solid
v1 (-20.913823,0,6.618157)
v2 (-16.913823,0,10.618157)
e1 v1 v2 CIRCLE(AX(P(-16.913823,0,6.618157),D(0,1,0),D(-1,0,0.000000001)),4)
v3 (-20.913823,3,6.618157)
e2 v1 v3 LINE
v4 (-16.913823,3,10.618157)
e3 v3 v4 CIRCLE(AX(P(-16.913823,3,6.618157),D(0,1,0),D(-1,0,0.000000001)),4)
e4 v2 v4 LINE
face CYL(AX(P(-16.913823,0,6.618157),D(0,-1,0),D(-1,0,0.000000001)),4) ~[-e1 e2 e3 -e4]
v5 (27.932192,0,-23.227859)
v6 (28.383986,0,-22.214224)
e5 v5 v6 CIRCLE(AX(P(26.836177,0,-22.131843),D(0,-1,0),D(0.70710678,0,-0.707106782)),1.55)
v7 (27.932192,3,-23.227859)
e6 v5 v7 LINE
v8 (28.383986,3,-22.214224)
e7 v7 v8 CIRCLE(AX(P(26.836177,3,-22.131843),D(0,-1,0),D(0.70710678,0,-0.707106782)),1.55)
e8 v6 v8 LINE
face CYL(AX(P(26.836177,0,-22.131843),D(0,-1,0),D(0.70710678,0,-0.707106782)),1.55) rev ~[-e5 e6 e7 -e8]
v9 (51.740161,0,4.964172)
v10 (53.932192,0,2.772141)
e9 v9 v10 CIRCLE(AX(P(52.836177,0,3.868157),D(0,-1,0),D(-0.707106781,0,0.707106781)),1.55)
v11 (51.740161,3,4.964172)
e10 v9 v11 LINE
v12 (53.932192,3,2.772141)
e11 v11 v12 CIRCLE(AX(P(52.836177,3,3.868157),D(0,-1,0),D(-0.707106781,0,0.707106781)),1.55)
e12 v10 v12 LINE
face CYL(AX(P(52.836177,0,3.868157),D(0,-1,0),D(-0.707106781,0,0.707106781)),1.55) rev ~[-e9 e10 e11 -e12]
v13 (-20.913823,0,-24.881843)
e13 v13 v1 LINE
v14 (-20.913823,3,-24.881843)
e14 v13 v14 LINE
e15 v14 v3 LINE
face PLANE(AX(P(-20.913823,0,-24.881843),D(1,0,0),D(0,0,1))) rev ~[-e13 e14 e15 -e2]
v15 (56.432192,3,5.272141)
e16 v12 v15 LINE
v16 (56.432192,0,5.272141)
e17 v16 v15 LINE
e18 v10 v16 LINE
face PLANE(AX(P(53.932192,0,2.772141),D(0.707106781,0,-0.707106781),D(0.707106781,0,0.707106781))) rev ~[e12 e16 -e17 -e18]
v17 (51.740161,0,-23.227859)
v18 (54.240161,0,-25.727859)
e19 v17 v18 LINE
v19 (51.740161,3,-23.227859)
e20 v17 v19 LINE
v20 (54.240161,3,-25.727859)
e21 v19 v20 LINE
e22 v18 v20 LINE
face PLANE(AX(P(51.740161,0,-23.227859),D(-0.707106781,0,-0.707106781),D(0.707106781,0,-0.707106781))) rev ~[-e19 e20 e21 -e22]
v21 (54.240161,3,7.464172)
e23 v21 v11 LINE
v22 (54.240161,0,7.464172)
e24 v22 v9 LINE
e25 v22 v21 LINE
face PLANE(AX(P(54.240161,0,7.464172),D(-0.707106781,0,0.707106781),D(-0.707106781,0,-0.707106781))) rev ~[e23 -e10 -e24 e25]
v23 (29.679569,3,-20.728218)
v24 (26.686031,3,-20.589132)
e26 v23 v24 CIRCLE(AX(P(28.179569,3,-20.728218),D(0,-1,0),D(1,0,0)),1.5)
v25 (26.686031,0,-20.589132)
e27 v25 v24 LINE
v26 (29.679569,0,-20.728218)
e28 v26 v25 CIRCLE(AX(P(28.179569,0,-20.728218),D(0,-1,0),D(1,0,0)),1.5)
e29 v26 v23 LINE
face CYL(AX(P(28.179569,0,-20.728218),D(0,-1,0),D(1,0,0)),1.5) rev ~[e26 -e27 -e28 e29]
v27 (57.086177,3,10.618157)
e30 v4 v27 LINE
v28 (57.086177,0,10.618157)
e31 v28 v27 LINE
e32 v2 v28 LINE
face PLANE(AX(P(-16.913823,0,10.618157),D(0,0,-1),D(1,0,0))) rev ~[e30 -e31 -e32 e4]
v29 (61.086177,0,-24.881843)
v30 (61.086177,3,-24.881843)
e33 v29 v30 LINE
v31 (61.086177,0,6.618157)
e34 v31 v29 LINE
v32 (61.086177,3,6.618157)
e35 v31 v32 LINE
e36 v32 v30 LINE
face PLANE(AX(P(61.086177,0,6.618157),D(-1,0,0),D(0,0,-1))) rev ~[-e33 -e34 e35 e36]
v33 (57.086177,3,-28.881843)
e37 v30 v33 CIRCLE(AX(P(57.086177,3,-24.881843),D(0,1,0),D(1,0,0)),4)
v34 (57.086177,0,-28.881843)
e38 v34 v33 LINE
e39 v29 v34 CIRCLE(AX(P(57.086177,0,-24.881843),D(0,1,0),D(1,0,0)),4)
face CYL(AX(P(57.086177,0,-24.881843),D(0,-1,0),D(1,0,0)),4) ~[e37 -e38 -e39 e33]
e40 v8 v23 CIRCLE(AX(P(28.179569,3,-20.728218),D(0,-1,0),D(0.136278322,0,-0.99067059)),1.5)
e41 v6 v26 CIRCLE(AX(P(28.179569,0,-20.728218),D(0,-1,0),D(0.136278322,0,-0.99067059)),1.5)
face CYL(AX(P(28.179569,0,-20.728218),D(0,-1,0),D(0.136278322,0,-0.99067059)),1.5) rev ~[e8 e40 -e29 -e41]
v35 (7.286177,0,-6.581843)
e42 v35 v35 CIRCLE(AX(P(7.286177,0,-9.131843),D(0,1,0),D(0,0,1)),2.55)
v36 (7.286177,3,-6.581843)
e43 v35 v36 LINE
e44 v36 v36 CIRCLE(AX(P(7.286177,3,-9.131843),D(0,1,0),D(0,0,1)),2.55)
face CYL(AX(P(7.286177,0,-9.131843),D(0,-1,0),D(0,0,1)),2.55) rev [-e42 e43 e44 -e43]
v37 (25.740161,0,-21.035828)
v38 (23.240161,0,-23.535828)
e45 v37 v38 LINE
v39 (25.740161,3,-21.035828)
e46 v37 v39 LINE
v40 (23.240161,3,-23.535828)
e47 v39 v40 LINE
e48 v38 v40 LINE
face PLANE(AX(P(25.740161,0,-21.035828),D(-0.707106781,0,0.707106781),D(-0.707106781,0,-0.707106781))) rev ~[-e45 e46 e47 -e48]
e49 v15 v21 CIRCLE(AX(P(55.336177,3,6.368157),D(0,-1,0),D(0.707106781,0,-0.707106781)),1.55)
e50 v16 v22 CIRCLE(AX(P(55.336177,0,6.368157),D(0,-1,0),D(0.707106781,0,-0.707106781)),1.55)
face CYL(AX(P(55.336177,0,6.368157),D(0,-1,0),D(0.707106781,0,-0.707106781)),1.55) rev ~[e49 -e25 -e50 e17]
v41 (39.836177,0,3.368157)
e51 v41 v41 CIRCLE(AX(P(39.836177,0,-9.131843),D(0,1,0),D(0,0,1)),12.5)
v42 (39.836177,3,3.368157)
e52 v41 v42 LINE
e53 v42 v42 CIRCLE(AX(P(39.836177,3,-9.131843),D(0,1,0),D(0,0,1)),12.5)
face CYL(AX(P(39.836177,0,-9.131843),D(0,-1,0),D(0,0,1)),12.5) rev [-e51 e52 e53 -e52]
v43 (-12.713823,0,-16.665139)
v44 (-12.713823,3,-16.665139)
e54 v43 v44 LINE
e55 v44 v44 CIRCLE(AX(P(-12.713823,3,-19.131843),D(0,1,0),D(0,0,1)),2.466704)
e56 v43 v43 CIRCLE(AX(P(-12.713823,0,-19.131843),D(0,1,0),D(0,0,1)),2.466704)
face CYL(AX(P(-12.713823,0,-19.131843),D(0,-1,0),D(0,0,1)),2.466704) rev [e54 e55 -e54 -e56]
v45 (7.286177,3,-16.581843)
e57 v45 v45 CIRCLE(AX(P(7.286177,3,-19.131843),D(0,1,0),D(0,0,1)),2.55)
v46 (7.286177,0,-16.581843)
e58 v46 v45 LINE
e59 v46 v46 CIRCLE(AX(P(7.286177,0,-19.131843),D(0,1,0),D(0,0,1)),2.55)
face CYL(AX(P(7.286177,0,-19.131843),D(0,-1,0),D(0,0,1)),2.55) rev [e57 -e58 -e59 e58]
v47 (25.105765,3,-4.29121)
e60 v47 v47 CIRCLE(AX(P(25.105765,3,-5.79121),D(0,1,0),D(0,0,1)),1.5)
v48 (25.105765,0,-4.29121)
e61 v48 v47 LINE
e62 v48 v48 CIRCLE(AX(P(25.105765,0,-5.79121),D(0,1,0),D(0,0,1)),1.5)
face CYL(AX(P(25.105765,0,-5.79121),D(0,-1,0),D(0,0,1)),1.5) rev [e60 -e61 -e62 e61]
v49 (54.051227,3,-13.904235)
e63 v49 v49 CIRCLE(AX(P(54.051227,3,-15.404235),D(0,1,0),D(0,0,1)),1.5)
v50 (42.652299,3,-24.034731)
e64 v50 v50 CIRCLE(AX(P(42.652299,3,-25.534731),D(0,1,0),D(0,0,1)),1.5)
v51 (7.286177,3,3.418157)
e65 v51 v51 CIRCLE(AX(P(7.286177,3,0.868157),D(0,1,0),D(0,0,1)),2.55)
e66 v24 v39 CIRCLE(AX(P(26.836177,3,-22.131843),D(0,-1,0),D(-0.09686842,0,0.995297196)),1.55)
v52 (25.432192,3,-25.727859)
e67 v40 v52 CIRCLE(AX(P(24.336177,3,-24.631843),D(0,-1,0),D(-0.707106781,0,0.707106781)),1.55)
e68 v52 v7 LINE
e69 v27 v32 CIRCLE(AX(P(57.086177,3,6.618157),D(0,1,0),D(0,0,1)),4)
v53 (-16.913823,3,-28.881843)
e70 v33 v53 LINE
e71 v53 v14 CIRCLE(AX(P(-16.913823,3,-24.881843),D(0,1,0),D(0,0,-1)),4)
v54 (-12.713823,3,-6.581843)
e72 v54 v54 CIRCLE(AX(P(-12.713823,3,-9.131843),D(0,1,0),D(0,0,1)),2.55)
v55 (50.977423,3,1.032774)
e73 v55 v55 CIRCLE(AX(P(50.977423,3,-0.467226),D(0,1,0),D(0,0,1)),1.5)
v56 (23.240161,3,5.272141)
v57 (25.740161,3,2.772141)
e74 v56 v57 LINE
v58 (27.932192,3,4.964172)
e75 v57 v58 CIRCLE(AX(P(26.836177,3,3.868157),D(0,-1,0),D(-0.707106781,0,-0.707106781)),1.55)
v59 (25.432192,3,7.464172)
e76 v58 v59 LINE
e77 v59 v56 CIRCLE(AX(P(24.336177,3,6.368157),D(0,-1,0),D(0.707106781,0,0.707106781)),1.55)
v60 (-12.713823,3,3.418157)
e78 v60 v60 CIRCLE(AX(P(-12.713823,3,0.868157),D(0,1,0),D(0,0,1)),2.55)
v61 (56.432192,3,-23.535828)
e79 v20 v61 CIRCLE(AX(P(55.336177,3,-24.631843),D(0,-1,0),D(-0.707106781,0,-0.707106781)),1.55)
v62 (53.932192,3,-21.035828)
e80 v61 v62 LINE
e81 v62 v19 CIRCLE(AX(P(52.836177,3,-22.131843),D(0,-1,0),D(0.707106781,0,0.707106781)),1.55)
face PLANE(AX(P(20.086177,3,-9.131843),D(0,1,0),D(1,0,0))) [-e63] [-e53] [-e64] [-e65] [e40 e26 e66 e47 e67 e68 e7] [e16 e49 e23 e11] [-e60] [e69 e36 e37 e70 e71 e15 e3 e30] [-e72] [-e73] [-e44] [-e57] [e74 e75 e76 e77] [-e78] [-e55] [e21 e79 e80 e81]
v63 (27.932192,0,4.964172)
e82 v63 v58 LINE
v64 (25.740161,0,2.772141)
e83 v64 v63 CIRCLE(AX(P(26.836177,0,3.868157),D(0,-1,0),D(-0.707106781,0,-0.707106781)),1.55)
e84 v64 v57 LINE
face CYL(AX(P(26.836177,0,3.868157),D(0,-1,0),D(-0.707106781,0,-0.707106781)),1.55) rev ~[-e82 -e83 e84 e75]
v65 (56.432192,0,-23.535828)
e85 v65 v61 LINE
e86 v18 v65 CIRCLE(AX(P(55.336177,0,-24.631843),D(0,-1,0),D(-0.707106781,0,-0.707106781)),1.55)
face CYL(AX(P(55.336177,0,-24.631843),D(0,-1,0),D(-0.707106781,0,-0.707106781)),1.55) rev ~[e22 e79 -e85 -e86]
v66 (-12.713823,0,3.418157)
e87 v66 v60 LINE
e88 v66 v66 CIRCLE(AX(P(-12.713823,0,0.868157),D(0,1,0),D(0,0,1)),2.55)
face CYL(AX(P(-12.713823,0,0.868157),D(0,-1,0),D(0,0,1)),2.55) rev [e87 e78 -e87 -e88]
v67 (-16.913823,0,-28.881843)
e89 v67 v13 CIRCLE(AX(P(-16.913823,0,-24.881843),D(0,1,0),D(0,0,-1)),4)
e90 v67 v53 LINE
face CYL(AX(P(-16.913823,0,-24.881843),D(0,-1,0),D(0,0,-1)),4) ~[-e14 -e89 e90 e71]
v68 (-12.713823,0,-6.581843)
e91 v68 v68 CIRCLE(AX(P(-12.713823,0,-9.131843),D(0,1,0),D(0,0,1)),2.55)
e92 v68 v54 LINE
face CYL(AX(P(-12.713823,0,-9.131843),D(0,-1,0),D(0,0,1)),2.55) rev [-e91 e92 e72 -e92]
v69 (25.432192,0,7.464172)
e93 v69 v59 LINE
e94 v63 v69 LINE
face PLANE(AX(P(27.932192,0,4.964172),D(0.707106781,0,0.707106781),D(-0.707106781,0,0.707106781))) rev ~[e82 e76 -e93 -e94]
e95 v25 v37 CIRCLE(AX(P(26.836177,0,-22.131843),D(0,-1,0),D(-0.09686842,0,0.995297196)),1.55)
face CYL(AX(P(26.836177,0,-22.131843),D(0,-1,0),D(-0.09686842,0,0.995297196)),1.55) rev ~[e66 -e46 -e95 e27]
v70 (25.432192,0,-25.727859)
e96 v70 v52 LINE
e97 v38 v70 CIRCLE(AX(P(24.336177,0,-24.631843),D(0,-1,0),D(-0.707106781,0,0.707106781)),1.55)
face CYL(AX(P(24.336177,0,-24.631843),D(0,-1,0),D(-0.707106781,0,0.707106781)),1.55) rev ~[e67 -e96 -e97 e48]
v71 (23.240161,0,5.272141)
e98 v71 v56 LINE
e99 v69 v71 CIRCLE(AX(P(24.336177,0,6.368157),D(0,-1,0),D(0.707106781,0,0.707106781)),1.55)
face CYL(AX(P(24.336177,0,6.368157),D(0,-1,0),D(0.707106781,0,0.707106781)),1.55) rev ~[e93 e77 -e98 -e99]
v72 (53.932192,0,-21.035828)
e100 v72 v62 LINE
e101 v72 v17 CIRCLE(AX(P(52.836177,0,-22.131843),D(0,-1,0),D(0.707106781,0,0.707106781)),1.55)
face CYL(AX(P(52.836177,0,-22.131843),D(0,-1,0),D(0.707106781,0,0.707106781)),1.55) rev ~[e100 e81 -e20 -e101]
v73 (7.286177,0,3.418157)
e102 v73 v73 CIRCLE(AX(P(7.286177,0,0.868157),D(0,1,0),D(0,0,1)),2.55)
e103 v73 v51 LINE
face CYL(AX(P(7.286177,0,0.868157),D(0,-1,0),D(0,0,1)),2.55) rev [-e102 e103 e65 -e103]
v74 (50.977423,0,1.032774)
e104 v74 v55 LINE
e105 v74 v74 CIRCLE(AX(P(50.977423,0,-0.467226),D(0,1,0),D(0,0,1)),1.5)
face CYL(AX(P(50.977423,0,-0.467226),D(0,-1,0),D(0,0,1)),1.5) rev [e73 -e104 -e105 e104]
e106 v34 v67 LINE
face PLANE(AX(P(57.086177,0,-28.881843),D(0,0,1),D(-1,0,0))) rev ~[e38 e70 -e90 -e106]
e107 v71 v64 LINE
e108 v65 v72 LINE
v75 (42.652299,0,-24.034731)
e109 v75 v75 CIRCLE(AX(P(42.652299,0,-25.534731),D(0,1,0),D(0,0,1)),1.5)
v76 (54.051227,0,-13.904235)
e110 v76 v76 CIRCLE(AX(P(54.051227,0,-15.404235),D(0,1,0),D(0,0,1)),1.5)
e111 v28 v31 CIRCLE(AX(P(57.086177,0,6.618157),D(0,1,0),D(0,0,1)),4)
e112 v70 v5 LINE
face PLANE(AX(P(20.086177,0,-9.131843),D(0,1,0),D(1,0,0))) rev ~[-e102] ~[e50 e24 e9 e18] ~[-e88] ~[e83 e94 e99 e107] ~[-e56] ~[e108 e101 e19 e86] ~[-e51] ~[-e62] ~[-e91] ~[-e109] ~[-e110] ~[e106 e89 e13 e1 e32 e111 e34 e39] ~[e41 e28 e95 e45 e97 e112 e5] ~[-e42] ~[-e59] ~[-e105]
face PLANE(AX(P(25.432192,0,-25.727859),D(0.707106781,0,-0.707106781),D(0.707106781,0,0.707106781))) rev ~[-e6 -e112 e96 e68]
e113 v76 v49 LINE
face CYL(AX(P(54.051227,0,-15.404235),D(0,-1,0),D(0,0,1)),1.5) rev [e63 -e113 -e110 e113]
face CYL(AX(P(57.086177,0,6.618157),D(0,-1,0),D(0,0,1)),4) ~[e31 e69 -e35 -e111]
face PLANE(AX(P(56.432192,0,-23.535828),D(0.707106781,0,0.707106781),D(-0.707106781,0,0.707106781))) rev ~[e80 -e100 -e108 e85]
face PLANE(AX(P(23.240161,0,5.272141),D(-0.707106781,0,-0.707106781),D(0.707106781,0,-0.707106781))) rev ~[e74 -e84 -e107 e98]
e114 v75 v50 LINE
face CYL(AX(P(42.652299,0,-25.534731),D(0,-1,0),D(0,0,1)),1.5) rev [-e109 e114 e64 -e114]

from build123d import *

# Parameters (mm, degrees)
SKETCH1_R           = 2.55
SKETCH1_R_2         = 1.5
SKETCH1_R_3         = 12.5
SKETCH1_R_4         = 2.466704156
BOSS_EXTRUDE1_DEPTH = 3


with BuildPart() as part:
    # Sketch1 → Boss-Extrude1 (new body)
    with BuildSketch(Plane(origin=(0, 0, 0), x_dir=(1, 0, 0), z_dir=(0, 1, 0))):
        with BuildLine():
            Line((57.086176903, 28.881843054), (-16.913823097, 28.881843054))
            ThreePointArc((-16.913823097, 28.881843054), (-19.742250221, 27.710270179), (-20.913823097, 24.881843054))
            Line((-20.913823097, 24.881843054), (-20.913823097, -6.618156946))
            ThreePointArc((-20.913823097, -6.618156946), (-19.742250221, -9.44658407), (-16.913823097, -10.618156946))
            Line((-16.913823097, -10.618156946), (57.086176903, -10.618156946))
            ThreePointArc((57.086176903, -10.618156946), (59.914604028, -9.44658407), (61.086176903, -6.618156946))
            Line((61.086176903, -6.618156946), (61.086176903, 24.881843054))
            ThreePointArc((61.086176903, 24.881843054), (59.914604028, 27.710270179), (57.086176903, 28.881843054))
        make_face()
        with Locations(Location((-12.713823097, -0.868156946, 0), (0, 0, 270))):
            Circle(SKETCH1_R, mode=Mode.SUBTRACT)
        with Locations(Location((7.286176903, -0.868156946, 0), (0, 0, 270))):
            Circle(SKETCH1_R, mode=Mode.SUBTRACT)
        with Locations(Location((-12.713823097, 9.131843054, 0), (0, 0, 270))):
            Circle(SKETCH1_R, mode=Mode.SUBTRACT)
        with Locations(Location((7.286176903, 9.131843054, 0), (0, 0, 270))):
            Circle(SKETCH1_R, mode=Mode.SUBTRACT)
        with BuildLine():
            Line((27.932192414, -4.964172457), (25.432192414, -7.464172457))
            ThreePointArc((25.432192414, -7.464172457), (23.240161393, -7.464172457), (23.240161393, -5.272141435))
            Line((23.240161393, -5.272141435), (25.740161393, -2.772141435))
            ThreePointArc((25.740161393, -2.772141435), (27.932192414, -2.772141435), (27.932192414, -4.964172457))
        make_face(mode=Mode.SUBTRACT)
        with BuildLine():
            Line((53.932192414, -2.772141435), (56.432192414, -5.272141435))
            ThreePointArc((56.432192414, -5.272141435), (56.432192414, -7.464172457), (54.240161393, -7.464172457))
            Line((54.240161393, -7.464172457), (51.740161393, -4.964172457))
            ThreePointArc((51.740161393, -4.964172457), (51.740161393, -2.772141435), (53.932192414, -2.772141435))
        make_face(mode=Mode.SUBTRACT)
        with Locations(Location((25.105765127, 5.791209645, 0), (0, 0, 270))):
            Circle(SKETCH1_R_2, mode=Mode.SUBTRACT)
        with Locations(Location((39.836176903, 9.131843054, 0), (0, 0, 270))):
            Circle(SKETCH1_R_3, mode=Mode.SUBTRACT)
        with Locations(Location((50.977423293, 0.467225819, 0), (0, 0, 270))):
            Circle(SKETCH1_R_2, mode=Mode.SUBTRACT)
        with Locations(Location((-12.713823097, 19.131843054, 0), (0, 0, 270))):
            Circle(SKETCH1_R_4, mode=Mode.SUBTRACT)
        with Locations(Location((7.286176903, 19.131843054, 0), (0, 0, 270))):
            Circle(SKETCH1_R, mode=Mode.SUBTRACT)
        with Locations(Location((54.051226788, 15.404234625, 0), (0, 0, 270))):
            Circle(SKETCH1_R_2, mode=Mode.SUBTRACT)
        with BuildLine():
            Line((25.740161393, 21.035827543), (23.240161393, 23.535827543))
            ThreePointArc((23.240161393, 23.535827543), (23.240161393, 25.727858565), (25.432192414, 25.727858565))
            Line((25.432192414, 25.727858565), (27.932192414, 23.227858565))
            ThreePointArc((27.932192414, 23.227858565), (28.251915532, 22.762861387), (28.383986105, 22.214224337))
            ThreePointArc((28.383986105, 22.214224337), (29.31019372, 21.713960247), (29.679568623, 20.728218451))
            ThreePointArc((29.679568623, 20.728218451), (28.24918667, 19.22983488), (26.686030853, 20.5891324))
            ThreePointArc((26.686030853, 20.5891324), (26.174275251, 20.730277429), (25.740161393, 21.035827543))
        make_face(mode=Mode.SUBTRACT)
        with BuildLine():
            ThreePointArc((54.240161393, 25.727858565), (56.432192414, 25.727858565), (56.432192414, 23.535827543))
            Line((56.432192414, 23.535827543), (53.932192414, 21.035827543))
            ThreePointArc((53.932192414, 21.035827543), (51.740161393, 21.035827543), (51.740161393, 23.227858565))
            Line((51.740161393, 23.227858565), (54.240161393, 25.727858565))
        make_face(mode=Mode.SUBTRACT)
        with Locations(Location((42.652299453, 25.534730941, 0), (0, 0, 270))):
            Circle(SKETCH1_R_2, mode=Mode.SUBTRACT)
    extrude(amount=BOSS_EXTRUDE1_DEPTH)


solid = part.part
